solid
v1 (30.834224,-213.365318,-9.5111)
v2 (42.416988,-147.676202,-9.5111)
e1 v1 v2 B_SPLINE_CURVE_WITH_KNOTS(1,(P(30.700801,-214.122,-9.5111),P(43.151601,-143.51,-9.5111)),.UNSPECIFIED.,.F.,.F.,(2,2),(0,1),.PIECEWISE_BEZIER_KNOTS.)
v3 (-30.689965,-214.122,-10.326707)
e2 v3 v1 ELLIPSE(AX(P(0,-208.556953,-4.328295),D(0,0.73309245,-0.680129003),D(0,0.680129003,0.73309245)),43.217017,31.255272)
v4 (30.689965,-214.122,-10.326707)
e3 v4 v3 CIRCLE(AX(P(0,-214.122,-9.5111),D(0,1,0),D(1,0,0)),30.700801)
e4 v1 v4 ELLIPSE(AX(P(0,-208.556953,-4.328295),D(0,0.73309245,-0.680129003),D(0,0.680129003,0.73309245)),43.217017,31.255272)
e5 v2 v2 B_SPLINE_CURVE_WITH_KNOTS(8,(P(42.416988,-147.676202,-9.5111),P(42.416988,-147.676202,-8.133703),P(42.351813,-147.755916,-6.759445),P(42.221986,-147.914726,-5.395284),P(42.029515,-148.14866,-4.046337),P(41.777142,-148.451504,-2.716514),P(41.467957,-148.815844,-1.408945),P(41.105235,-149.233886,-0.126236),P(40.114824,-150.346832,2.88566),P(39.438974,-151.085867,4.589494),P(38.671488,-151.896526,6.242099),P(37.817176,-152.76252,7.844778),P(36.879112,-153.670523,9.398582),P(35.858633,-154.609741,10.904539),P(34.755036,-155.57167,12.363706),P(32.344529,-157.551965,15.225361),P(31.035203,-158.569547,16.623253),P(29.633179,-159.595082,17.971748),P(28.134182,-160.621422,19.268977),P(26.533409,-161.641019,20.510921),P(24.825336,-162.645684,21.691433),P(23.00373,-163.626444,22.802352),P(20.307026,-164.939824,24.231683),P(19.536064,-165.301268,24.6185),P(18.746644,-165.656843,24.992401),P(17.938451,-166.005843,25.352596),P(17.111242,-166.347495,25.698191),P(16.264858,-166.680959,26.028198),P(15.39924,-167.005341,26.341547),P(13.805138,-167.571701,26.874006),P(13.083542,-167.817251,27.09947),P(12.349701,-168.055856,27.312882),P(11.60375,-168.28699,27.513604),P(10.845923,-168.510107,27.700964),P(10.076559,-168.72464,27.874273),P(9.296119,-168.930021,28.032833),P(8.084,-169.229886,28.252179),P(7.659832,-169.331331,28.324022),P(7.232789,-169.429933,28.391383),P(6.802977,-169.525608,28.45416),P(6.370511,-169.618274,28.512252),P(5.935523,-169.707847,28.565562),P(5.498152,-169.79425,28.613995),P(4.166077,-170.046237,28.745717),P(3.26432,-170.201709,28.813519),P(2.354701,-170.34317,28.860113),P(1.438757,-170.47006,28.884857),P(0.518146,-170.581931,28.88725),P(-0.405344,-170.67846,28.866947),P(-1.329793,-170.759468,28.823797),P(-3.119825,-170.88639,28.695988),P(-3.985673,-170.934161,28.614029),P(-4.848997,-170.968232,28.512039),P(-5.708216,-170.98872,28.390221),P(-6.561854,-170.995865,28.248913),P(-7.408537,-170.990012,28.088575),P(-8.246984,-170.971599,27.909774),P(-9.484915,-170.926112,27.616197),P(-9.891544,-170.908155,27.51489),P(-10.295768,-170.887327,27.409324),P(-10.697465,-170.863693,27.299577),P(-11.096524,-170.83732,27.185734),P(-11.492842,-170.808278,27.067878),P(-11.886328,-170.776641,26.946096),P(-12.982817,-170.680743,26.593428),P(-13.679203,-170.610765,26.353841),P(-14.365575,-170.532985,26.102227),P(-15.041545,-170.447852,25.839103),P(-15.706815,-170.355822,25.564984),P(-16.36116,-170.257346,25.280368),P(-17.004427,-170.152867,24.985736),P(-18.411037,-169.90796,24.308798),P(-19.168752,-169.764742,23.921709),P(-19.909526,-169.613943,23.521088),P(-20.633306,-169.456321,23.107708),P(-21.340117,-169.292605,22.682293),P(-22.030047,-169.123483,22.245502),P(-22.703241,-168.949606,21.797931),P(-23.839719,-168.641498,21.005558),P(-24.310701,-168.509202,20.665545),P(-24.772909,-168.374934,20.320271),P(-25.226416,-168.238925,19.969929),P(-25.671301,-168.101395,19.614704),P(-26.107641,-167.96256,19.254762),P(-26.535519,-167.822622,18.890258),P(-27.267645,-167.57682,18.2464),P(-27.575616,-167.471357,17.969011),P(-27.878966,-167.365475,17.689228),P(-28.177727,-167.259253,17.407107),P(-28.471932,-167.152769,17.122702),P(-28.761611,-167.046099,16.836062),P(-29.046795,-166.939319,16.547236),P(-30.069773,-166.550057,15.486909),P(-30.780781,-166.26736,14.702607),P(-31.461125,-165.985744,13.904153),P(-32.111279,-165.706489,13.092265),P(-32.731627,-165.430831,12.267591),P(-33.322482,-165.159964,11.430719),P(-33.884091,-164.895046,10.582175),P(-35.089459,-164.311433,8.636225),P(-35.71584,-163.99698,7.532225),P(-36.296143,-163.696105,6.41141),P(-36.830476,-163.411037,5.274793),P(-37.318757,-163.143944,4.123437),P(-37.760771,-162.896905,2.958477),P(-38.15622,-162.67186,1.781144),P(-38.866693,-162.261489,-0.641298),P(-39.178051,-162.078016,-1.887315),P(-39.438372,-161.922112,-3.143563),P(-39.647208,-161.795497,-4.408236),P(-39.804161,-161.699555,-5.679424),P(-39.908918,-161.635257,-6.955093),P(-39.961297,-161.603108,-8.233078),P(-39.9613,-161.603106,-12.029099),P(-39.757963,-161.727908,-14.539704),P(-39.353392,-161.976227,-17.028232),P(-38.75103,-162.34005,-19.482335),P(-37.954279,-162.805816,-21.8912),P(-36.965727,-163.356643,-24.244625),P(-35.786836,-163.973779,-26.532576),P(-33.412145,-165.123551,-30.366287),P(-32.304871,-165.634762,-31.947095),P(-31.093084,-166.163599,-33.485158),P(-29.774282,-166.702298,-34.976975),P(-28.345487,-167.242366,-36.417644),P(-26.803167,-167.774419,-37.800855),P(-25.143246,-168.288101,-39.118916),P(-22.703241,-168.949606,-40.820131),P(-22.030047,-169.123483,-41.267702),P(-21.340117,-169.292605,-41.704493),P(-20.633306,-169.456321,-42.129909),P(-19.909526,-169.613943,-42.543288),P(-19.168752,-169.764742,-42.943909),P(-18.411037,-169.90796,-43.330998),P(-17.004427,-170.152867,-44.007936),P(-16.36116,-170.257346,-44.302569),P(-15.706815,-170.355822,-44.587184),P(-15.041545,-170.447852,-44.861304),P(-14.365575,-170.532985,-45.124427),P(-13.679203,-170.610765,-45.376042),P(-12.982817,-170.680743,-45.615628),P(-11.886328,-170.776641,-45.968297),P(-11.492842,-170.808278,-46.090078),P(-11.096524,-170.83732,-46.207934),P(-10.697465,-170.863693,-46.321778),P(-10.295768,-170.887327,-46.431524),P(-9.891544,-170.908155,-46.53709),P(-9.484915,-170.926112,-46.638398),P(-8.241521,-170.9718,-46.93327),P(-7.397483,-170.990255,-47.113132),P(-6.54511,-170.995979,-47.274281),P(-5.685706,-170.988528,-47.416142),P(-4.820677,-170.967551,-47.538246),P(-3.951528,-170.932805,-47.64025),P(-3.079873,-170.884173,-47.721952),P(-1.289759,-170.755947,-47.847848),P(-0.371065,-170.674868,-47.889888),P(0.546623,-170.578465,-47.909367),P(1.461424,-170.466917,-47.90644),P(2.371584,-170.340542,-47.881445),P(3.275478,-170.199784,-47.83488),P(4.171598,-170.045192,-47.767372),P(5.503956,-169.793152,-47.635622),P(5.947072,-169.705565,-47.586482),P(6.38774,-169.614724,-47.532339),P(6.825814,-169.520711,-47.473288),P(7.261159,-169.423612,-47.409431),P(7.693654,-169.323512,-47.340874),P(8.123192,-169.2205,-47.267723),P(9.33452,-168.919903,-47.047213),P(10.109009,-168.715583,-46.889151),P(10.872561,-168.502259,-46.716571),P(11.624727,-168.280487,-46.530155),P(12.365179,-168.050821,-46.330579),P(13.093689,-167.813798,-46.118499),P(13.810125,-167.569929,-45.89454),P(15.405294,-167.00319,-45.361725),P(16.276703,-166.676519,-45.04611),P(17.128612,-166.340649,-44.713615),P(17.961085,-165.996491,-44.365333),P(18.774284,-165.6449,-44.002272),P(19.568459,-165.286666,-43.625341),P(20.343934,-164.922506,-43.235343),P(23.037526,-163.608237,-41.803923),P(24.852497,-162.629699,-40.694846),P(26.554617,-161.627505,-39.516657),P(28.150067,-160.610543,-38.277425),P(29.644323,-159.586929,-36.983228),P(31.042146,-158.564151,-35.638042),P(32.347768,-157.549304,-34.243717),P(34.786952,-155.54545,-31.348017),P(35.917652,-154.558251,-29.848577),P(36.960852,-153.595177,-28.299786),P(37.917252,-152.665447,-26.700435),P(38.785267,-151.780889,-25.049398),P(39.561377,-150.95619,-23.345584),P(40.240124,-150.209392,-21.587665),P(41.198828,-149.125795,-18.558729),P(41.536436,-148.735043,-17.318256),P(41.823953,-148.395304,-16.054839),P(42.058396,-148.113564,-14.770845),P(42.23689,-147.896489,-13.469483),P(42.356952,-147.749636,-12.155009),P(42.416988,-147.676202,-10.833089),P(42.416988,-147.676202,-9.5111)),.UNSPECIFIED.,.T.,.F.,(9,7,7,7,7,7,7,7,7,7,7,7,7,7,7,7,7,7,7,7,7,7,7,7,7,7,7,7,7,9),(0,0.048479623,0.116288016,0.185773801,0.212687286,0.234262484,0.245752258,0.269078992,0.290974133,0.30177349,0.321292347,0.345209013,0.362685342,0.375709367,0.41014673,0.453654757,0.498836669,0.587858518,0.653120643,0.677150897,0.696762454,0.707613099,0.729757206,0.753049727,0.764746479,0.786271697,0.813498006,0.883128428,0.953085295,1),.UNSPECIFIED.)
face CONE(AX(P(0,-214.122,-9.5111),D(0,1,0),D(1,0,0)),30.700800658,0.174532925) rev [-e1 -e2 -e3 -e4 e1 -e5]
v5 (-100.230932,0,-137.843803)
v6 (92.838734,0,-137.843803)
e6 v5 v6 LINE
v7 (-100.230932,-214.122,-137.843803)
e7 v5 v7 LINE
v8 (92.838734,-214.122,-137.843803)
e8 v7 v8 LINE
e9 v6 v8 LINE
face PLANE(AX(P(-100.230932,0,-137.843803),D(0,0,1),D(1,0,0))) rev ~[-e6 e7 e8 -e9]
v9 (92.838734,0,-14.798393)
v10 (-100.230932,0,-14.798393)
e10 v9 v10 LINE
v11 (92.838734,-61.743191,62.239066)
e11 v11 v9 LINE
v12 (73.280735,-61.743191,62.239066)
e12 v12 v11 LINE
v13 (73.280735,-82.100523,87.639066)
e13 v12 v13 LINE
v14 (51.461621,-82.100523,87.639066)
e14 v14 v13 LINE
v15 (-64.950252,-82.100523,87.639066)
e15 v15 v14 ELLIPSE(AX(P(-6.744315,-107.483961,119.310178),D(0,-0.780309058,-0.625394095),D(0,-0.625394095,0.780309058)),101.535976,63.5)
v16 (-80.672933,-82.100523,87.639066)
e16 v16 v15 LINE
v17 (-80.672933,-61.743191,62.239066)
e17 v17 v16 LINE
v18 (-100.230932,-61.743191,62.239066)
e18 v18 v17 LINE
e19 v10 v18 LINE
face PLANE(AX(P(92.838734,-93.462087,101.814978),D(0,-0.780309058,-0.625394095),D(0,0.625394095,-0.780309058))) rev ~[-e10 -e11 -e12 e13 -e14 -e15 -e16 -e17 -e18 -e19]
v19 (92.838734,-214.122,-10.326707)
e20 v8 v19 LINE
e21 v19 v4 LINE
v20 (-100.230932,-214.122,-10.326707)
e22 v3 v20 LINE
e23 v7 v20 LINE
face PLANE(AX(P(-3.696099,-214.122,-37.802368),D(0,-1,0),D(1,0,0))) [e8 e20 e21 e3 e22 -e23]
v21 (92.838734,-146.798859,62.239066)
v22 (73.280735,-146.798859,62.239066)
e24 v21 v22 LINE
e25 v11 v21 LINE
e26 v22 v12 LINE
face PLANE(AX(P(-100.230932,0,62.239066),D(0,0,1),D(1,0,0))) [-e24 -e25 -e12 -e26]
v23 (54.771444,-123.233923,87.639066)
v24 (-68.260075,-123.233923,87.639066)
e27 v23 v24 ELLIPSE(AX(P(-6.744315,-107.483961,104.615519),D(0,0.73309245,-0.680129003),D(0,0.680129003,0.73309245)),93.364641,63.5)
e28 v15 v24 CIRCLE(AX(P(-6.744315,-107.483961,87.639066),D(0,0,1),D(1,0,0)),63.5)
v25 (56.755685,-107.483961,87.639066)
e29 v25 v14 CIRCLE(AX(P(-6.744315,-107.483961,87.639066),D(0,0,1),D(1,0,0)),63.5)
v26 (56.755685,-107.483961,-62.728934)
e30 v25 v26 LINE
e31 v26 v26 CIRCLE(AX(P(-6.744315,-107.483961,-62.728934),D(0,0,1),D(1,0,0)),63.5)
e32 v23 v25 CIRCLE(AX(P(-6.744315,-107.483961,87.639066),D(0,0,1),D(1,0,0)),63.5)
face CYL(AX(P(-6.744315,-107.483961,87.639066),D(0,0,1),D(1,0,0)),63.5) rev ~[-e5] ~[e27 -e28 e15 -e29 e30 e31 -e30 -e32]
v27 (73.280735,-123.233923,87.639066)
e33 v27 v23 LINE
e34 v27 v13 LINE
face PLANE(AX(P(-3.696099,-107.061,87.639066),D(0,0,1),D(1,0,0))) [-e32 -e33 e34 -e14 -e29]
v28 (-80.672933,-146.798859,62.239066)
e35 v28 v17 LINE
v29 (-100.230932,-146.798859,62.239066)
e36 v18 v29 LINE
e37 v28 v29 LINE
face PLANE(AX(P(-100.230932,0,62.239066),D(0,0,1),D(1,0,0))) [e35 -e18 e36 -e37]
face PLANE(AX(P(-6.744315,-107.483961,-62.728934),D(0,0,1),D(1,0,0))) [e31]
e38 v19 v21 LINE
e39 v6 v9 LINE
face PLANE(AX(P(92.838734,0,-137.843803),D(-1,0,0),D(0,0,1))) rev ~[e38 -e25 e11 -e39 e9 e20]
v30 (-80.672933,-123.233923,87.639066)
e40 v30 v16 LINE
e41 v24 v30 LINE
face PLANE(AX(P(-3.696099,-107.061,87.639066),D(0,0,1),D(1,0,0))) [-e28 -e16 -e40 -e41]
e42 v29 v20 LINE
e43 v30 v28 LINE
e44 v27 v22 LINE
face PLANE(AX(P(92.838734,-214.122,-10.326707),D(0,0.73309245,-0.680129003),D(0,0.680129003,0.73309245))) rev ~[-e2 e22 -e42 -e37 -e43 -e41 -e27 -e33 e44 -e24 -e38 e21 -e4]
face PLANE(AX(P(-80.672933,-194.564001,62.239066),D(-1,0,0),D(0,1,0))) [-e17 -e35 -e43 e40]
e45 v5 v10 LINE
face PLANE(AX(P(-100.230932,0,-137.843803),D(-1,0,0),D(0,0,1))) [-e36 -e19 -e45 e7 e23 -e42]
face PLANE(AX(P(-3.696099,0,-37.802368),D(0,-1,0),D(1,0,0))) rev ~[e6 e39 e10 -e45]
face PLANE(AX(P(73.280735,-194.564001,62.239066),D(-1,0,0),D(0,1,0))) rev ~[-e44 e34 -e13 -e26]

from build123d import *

# Parameters (mm, degrees)
F0_W      = 193.0696666241
F0_H      = 200.0828683376
F1_DEPTH  = 214.122
F2_W      = 153.9536677301
F2_H      = 175.006001106
F3_DEPTH  = 25.4
F4_R      = 63.5
F5_DEPTH  = 150.368
F6_R      = 30.7008006584
F7_DEPTH  = 70.612
F7_TAPER  = -10
F9_DEPTH  = 366.776
F11_DEPTH = 193.0706666241


with BuildPart() as f1:
    # F0 (on Front) → F1 (new body)
    with BuildSketch(Plane.XZ):
        with Locations((-3.6960989237, -37.8023684025)):
            Rectangle(F0_W, F0_H)
    extrude(amount=F1_DEPTH)

    # F2 (on face) → F3 (join)
    with BuildSketch(Plane.XY.offset(62.2390657663)):
        with Locations((-3.6960989237, -107.061)):
            Rectangle(F2_W, F2_H)
    extrude(amount=F3_DEPTH)

    # F4 (on face) → F5 (cut)
    with BuildSketch(Plane.XY.offset(87.6390657663)):
        with Locations((-6.7443153821, -107.4839606881)):
            Circle(F4_R)
    extrude(amount=-F5_DEPTH, mode=Mode.SUBTRACT)

    # F6 (on face) → F7 (cut)
    with BuildSketch(Plane.XZ.offset(214.122)):
        with Locations((0, -9.5111001283)):
            Circle(F6_R)
    extrude(amount=-F7_DEPTH, taper=F7_TAPER, mode=Mode.SUBTRACT)

    # F8 (on face) → F9 (cut)
    with BuildSketch(Plane.YZ.offset(92.8387343884)):
        Polygon((-214.122, 62.2390657663), (-214.122, -10.3267068043), (-90.1689380407, 123.2789084315), (-194.4728940725, 123.2789084315), align=None)
    extrude(amount=-F9_DEPTH, mode=Mode.SUBTRACT)

    # F10 (on face) → F11 (cut, through all)
    with BuildSketch(Plane.YZ.offset(92.8387343884)):
        Polygon((-93.462087214, 101.8149778247), (0, -14.7983925417), (0, 62.2390657663), (-34.7359292209, 118.5938715935), align=None)
    extrude(amount=-F11_DEPTH, mode=Mode.SUBTRACT)


solid = f1.part
